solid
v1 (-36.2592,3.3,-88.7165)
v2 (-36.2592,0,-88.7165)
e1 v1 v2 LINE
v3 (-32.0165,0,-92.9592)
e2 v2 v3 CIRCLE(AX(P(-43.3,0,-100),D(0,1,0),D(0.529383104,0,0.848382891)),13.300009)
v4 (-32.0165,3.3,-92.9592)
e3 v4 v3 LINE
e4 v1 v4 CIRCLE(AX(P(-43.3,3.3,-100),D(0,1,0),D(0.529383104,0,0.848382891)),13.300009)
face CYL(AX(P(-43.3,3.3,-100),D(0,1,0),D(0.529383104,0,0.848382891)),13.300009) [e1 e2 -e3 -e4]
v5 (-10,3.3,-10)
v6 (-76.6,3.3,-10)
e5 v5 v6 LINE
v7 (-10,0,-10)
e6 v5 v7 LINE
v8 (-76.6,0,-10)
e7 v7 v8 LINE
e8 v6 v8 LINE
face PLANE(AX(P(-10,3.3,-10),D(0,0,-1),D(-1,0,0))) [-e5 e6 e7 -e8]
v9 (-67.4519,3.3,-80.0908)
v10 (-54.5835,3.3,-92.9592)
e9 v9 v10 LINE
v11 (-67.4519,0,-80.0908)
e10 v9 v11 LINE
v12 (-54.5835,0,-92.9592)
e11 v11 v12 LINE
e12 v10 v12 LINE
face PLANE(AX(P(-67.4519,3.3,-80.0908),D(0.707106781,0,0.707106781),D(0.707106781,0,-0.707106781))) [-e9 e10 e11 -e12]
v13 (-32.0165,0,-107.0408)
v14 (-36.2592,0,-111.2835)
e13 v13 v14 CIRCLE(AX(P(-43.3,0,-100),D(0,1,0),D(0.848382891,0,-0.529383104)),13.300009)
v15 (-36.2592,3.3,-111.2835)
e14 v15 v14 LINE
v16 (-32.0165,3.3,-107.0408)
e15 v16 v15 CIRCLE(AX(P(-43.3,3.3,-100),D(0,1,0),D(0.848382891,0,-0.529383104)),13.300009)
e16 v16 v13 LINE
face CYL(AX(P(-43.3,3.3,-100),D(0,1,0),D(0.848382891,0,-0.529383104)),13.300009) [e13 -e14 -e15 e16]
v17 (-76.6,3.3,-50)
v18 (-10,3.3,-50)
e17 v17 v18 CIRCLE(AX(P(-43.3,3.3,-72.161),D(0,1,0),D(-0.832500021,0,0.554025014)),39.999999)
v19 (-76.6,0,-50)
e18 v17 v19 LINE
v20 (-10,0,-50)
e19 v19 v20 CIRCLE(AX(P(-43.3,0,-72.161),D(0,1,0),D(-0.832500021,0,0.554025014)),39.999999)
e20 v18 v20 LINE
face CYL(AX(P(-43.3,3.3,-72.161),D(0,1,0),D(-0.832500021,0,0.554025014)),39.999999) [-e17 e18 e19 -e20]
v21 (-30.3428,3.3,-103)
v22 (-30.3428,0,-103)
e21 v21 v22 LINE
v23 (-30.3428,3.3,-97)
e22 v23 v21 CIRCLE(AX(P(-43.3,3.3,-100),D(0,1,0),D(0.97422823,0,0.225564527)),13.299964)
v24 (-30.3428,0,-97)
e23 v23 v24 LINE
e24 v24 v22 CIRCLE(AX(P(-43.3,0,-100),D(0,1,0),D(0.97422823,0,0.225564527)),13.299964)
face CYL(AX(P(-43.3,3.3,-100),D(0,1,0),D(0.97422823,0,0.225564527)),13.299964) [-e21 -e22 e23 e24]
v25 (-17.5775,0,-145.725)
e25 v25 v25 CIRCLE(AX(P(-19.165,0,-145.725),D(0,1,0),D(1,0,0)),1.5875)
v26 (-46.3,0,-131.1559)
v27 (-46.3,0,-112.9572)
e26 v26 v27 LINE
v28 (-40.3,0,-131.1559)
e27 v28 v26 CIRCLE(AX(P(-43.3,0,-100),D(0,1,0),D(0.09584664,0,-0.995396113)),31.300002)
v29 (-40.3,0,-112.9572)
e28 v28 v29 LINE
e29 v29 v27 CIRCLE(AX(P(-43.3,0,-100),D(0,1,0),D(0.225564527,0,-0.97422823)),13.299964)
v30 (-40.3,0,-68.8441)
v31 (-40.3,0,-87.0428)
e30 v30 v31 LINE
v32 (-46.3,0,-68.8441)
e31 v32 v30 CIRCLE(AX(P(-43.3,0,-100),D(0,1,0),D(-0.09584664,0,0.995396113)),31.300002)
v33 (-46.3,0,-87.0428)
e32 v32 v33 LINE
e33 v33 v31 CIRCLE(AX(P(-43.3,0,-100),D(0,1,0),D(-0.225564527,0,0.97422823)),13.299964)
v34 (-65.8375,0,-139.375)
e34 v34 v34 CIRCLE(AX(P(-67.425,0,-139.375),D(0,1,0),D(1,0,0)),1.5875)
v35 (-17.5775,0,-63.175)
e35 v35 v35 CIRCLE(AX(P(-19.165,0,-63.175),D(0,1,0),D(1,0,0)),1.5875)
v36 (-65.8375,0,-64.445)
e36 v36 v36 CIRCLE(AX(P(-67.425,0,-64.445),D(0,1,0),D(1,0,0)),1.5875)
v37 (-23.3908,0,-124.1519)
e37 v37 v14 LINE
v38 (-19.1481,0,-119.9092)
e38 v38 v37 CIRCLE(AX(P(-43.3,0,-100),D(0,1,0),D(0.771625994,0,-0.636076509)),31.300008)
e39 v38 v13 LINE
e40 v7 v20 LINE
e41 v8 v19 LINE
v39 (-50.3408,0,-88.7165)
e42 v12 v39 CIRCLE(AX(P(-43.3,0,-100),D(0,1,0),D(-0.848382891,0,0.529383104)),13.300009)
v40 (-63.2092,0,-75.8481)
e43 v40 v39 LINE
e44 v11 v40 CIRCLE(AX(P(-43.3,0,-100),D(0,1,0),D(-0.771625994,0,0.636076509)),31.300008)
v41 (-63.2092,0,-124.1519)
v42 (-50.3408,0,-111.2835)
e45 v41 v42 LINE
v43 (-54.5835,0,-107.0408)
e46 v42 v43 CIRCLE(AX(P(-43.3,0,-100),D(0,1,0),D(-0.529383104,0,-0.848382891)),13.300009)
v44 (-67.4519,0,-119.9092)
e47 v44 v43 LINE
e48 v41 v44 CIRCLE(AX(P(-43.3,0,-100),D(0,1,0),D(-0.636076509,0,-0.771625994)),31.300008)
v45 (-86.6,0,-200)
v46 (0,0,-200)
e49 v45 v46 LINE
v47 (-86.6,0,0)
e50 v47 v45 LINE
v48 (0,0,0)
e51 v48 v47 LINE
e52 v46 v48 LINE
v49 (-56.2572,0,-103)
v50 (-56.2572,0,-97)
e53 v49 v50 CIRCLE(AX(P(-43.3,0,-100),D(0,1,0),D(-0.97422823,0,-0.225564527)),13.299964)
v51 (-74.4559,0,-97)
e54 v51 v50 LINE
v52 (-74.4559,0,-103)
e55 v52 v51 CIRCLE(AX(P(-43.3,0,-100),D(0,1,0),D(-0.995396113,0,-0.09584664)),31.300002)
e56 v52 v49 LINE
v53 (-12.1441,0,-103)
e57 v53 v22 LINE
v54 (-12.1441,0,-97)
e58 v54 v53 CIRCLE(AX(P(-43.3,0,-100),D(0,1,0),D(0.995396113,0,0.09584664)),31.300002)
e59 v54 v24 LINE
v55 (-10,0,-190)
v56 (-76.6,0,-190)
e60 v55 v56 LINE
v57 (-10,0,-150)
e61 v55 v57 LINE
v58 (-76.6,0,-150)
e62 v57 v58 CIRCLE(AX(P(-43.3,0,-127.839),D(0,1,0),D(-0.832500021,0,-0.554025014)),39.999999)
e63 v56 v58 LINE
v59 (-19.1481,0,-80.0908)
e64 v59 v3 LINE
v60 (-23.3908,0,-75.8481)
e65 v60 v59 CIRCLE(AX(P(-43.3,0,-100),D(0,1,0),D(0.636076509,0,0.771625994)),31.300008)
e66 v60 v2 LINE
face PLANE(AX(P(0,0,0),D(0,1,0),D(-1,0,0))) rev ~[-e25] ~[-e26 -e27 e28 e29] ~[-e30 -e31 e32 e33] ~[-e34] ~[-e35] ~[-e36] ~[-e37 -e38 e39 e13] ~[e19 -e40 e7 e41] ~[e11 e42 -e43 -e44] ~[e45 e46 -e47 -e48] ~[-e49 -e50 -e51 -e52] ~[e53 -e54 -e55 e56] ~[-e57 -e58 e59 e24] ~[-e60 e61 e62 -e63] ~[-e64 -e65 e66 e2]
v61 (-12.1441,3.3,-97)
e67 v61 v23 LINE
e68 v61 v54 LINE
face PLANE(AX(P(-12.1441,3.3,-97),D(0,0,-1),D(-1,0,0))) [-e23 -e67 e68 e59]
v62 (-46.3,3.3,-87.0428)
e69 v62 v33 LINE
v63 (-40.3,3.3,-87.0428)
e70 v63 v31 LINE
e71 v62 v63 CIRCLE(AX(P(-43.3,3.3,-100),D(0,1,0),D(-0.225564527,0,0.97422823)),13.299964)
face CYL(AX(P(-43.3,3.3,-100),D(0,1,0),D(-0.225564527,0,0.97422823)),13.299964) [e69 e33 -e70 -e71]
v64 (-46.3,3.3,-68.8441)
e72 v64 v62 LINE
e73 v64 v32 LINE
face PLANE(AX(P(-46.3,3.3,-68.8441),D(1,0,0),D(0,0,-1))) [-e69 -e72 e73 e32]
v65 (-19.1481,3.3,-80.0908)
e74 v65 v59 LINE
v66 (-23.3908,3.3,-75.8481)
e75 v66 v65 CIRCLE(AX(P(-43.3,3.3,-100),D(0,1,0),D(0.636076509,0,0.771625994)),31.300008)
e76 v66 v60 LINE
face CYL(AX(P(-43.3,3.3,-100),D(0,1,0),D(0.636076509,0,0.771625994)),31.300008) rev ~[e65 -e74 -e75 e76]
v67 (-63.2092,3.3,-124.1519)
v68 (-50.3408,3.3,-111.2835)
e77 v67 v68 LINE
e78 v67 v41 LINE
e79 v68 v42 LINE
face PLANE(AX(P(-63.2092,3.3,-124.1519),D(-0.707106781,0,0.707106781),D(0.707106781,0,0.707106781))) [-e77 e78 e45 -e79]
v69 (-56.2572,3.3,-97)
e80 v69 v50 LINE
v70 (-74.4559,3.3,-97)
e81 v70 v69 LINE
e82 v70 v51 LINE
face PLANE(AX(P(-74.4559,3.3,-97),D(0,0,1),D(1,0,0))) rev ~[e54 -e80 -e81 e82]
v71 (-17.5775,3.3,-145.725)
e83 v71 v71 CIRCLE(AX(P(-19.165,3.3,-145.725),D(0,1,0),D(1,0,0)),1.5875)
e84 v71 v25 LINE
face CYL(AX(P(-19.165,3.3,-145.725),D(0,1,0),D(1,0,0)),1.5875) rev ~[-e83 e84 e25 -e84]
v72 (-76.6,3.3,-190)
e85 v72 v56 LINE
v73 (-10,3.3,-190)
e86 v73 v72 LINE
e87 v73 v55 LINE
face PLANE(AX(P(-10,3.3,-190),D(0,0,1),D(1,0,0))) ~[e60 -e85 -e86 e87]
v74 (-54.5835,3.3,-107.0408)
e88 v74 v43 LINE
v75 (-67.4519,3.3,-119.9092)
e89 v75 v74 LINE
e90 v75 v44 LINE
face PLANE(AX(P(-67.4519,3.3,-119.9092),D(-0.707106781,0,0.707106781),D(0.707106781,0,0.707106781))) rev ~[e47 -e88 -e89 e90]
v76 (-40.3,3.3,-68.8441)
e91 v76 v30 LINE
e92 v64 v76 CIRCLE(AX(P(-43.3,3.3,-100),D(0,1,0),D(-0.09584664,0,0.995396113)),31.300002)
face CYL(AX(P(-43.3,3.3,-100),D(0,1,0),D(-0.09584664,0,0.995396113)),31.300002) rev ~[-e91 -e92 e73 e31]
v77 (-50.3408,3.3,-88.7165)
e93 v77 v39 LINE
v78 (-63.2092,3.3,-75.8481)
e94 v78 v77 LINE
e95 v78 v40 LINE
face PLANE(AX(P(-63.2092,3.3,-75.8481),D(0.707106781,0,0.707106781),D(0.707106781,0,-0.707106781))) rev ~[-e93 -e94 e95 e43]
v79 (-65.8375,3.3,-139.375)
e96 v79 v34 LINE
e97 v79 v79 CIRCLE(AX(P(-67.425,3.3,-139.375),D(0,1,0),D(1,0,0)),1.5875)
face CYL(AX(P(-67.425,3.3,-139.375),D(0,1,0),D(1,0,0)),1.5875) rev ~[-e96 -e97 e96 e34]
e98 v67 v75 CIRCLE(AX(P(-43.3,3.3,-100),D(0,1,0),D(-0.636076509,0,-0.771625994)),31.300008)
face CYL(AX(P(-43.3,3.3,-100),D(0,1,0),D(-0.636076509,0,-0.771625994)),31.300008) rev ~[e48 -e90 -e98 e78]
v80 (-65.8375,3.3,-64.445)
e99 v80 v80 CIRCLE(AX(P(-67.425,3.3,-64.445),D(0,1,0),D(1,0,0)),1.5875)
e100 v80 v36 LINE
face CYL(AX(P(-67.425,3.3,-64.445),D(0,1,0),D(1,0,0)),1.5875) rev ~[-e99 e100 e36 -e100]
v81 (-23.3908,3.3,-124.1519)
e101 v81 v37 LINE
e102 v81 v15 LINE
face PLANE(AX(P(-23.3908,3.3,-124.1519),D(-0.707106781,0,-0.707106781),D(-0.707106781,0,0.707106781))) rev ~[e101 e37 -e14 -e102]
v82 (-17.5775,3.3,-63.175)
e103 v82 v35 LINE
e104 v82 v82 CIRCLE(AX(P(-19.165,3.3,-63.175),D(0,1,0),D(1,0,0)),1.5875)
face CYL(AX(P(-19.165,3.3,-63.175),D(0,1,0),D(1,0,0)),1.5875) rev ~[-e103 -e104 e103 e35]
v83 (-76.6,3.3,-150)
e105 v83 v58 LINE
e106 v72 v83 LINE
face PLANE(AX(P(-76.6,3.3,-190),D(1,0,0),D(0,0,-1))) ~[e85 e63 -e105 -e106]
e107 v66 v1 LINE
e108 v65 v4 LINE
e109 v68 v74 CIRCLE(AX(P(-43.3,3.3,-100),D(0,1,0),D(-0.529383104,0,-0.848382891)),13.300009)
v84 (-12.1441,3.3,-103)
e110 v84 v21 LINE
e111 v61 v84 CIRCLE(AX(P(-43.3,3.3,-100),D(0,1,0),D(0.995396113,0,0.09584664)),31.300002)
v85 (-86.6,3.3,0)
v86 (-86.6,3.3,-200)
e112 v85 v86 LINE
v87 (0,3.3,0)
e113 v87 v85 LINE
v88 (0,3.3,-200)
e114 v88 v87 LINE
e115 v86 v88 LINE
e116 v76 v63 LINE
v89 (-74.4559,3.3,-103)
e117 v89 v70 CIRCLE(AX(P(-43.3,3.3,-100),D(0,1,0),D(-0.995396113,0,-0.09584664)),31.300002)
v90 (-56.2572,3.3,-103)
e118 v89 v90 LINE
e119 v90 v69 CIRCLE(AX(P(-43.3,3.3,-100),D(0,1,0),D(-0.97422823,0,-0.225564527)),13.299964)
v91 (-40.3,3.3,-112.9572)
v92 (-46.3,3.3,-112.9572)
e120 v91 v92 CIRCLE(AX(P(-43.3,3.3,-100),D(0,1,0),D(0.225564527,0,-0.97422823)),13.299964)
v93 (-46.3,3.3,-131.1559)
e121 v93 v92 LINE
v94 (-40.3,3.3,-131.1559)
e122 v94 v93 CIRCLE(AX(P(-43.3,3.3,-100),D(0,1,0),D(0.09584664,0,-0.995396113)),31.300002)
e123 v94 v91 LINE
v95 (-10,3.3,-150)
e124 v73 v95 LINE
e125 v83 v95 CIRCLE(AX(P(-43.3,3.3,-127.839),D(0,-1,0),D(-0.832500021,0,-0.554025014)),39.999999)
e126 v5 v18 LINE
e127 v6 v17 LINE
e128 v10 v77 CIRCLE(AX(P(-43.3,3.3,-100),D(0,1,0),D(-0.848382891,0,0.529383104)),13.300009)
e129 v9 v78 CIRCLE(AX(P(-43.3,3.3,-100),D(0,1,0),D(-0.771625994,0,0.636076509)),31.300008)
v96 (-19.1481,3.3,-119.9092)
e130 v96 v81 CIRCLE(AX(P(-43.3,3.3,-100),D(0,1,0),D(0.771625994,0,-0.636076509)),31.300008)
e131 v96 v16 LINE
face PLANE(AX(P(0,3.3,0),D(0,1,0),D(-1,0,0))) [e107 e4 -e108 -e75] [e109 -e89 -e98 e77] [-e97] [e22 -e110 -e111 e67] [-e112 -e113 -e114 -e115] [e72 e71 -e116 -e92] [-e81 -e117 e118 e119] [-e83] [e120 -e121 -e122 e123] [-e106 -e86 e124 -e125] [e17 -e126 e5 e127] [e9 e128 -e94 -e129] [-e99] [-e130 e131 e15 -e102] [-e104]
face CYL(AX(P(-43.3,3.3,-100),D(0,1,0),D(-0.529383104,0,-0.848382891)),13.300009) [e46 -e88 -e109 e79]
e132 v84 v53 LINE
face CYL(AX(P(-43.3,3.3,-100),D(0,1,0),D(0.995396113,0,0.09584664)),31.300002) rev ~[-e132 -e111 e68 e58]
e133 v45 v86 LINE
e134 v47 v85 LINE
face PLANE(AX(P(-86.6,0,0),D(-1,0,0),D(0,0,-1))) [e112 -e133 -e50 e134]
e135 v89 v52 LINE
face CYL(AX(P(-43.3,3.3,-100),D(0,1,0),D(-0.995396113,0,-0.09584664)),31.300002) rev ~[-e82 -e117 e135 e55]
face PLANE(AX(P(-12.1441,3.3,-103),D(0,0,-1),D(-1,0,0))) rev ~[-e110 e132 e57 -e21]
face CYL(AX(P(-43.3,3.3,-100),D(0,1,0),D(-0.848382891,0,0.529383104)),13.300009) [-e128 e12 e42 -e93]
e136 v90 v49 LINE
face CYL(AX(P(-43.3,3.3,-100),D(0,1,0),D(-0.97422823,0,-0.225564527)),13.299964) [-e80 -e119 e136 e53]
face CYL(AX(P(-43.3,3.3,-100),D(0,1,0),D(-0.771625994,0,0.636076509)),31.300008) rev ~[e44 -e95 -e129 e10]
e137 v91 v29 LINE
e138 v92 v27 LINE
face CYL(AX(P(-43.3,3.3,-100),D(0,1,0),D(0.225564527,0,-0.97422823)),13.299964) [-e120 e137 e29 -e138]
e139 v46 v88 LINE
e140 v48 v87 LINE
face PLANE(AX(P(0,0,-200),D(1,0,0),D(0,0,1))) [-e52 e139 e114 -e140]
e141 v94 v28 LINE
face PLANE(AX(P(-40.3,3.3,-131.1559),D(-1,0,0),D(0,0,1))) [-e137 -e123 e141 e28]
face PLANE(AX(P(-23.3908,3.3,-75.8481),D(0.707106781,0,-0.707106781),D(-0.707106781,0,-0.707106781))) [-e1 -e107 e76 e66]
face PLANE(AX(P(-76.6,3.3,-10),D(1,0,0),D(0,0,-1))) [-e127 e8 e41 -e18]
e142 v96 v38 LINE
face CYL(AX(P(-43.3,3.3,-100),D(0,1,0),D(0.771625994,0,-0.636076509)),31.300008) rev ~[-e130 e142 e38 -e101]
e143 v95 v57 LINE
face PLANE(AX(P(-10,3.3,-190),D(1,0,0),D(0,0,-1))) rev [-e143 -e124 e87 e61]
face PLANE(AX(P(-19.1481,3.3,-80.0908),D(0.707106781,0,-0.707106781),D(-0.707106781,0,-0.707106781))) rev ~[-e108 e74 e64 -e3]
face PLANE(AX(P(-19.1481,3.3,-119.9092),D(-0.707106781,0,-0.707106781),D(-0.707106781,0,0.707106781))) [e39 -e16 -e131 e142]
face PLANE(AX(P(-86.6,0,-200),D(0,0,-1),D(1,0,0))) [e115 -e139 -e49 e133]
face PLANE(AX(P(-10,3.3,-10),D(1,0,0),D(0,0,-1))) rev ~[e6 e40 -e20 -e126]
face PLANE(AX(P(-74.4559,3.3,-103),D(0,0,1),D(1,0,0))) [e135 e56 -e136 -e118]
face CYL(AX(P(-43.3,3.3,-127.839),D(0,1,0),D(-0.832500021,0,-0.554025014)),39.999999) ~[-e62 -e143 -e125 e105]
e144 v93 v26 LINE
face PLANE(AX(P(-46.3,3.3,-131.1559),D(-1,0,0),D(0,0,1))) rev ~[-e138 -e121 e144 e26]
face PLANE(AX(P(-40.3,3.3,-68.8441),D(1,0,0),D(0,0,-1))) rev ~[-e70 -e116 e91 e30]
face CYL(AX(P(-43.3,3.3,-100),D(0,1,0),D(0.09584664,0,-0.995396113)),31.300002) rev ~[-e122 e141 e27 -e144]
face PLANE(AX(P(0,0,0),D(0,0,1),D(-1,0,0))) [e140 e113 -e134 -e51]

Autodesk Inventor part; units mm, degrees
ref_plane "YZ Plane" through (0, 0, 0) normal (1, 0, 0) x (0, 1, 0)
ref_plane "XZ Plane" through (0, 0, 0) normal (0, 1, 0) x (-1, 0, 0)
sketch "Boceto1" plane through (0, 0, 0) normal (0, 1, 0) x (-1, 0, 0)
  line L0 (0, 0) -> (86.6, 0)
  line L1 (86.6, 0) -> (86.6, -200)
  line L2 (86.6, -200) -> (0, -200)
  line L3 (0, -200) -> (0, 0)
  dimension "d0" = 200
  dimension "d1" = 86.6
extrude "Extrusión1" add sketch "Boceto1" along normal blind 3.3
sketch "Boceto2" plane through (0, 3.3, 0) normal (0, 1, 0) x (1, 0, 0)
  circle A0 centre (-43.3, 100) radius 13.3 construction
  circle A1 centre (-43.3, 100) radius 31.3 construction
  line L0 (-86.6, 0) -> (0, 0) projected
  line L1 (0, 0) -> (0, 200) projected
  line L2 (0, 200) -> (-86.6, 200) projected
  line L3 (-86.6, 200) -> (-86.6, 0) projected
  line L4 (0, 200) -> (-86.6, 200) projected
  line L5 (-46.3, 68.8441) -> (-46.3, 87.0428)
  line L6 (-40.3, 68.8441) -> (-40.3, 87.0428)
  arc A2 (-46.3, 87.0428) -> (-40.3, 87.0428) centre (-43.3, 100) ccw
  arc A3 (-46.3, 68.8441) -> (-40.3, 68.8441) centre (-43.3, 100) ccw
  line L7 (-19.1481, 80.0908) -> (-32.0165, 92.9592)
  arc A4 (-23.3908, 75.8481) -> (-19.1481, 80.0908) centre (-43.3, 100) ccw
  line L8 (-23.3908, 75.8481) -> (-36.2592, 88.7165)
  arc A5 (-36.2592, 88.7165) -> (-32.0165, 92.9592) centre (-43.3, 100) ccw
  line L9 (-12.1441, 103) -> (-30.3428, 103)
  arc A6 (-12.1441, 97) -> (-12.1441, 103) centre (-43.3, 100) ccw
  line L10 (-12.1441, 97) -> (-30.3428, 97)
  arc A7 (-30.3428, 97) -> (-30.3428, 103) centre (-43.3, 100) ccw
  line L11 (-23.3908, 124.1519) -> (-36.2592, 111.2835)
  arc A8 (-19.1481, 119.9092) -> (-23.3908, 124.1519) centre (-43.3, 100) ccw
  line L12 (-19.1481, 119.9092) -> (-32.0165, 107.0408)
  arc A9 (-32.0165, 107.0408) -> (-36.2592, 111.2835) centre (-43.3, 100) ccw
  line L13 (-46.3, 131.1559) -> (-46.3, 112.9572)
  arc A10 (-40.3, 131.1559) -> (-46.3, 131.1559) centre (-43.3, 100) ccw
  line L14 (-40.3, 131.1559) -> (-40.3, 112.9572)
  arc A11 (-40.3, 112.9572) -> (-46.3, 112.9572) centre (-43.3, 100) ccw
  line L15 (-67.4519, 119.9092) -> (-54.5835, 107.0408)
  arc A12 (-63.2092, 124.1519) -> (-67.4519, 119.9092) centre (-43.3, 100) ccw
  line L16 (-63.2092, 124.1519) -> (-50.3408, 111.2835)
  arc A13 (-50.3408, 111.2835) -> (-54.5835, 107.0408) centre (-43.3, 100) ccw
  line L17 (-74.4559, 97) -> (-56.2572, 97)
  arc A14 (-74.4559, 103) -> (-74.4559, 97) centre (-43.3, 100) ccw
  line L18 (-74.4559, 103) -> (-56.2572, 103)
  arc A15 (-56.2572, 103) -> (-56.2572, 97) centre (-43.3, 100) ccw
  line L19 (-63.2092, 75.8481) -> (-50.3408, 88.7165)
  arc A16 (-67.4519, 80.0908) -> (-63.2092, 75.8481) centre (-43.3, 100) ccw
  line L20 (-67.4519, 80.0908) -> (-54.5835, 92.9592)
  arc A17 (-54.5835, 92.9592) -> (-50.3408, 88.7165) centre (-43.3, 100) ccw
  line L21 (-86.6, 200) -> (-86.6, 0) projected
  line L22 (0, 0) -> (0, 200) projected
  point P0 (-43.3, 200)
  point P1 (-86.6, 100)
  point P2 (-43.3, 200)
  point P3 (-43.3, 86.7)
  point P4 (-33.8955, 90.5955)
  point P5 (-30, 100)
  point P6 (-33.8955, 109.4045)
  point P7 (-43.3, 113.3)
  point P8 (-52.7045, 109.4045)
  point P9 (-56.6, 100)
  point P10 (-52.7045, 90.5955)
  dimension "d10" = 18
  dimension "d11" = 6
  dimension "d14" = 360
  dimension "d19" = 30
extrude "Extrusión2" cut sketch "Boceto2" against normal blind 10 contours L5 A2 L6 A3 | A4 L8 A5 L7 | A6 L10 A7 L9 | A8 L12 A9 L11 | A10 L14 A11 L13 | A12 L16 A13 L15 | A14 L18 A15 L17 | A16 L20 A17 L19
sketch "Sketch3" plane through (0, 3.3, 0) normal (0, 1, 0) x (1, 0, 0)
  line L0 (-86.6, 200) -> (-86.6, 0) projected
  line L1 (-69.975, 150.795) -> (-16.625, 150.795) construction
  line L2 (-16.625, 150.795) -> (-16.625, 49.205) construction
  line L3 (-16.625, 49.205) -> (-69.975, 49.205) construction
  line L4 (-69.975, 49.205) -> (-69.975, 150.795) construction
  line L5 (0, 200) -> (-86.6, 200) projected
  circle A0 centre (-67.425, 64.445) radius 1.5875
  circle A1 centre (-19.165, 63.175) radius 1.5875
  circle A2 centre (-19.165, 145.725) radius 1.5875
  circle A3 centre (-67.425, 139.375) radius 1.5875
  circle A4 centre (-24.245, 115.245) radius 1.5875
  point P0 (0, 0)
  dimension "d21" = 101.59
  dimension "d22" = 53.35
  dimension "d23" = 16.625
  dimension "d24" = 49.205
  dimension "d25" = 15.24
  dimension "d26" = 3.175
  dimension "d28" = 50.8
  dimension "d29" = 13.97
  dimension "d30" = 2.54
  dimension "d31" = 90.17
  dimension "d32" = 96.52
  dimension "d34" = 50.8
  dimension "d35" = 2.54
  dimension "d36" = 66.04
  dimension "d37" = 7.62
extrude "Extrusion3" cut sketch "Sketch3" against normal blind 10 contours A0 | A1 | A2 | A3
sketch "Sketch4" plane through (0, 3.3, 0) normal (0, 1, 0) x (1, 0, 0)
  line L0 (-10, 10) -> (-76.6, 10)
  line L1 (-76.6, 10) -> (-76.6, 50)
  line L2 (-10, 10) -> (-10, 50)
  arc A0 (-76.6, 50) -> (-10, 50) centre (-43.3, 72.161) ccw
  line L3 (-86.6, 0) -> (0, 0) projected
  line L4 (-86.6, 200) -> (-86.6, 0) projected
  line L5 (0, 0) -> (0, 200) projected
  dimension "d40" = 10
  dimension "d41" = 10
  dimension "d42" = 10
  dimension "d43" = 40
  dimension "d44" = 40
ref_plane "Work Plane1" through (0, 0, -100) normal (0, 0, -1) x (-1, 0, 0)
extrude "Extrusion4" cut sketch "Sketch4" against normal blind 10
mirror "Mirror1" about plane through (0, 0, -100) normal (0, 0, -1) of "Extrusion4"
equation "\"d0\" = largo_base"
equation "\"d10\" = 1.5 * d4"
equation "\"d11\" = 0.2 * d19"
equation "\"d19\" = d8"
equation "\"d24\" = 0.5 * largo_base - 0.5 * d21"
equation "\"d34\" = d28"
equation "\"d35\" = d30"
equation "\"ancho_base\" = 80"
equation "\"largo_base\" = 200"
equation "\"d4\" = 12"
equation "\"d8\" = 30"
properties part number "Cuerpo - Base" material "ABS Plastic"
